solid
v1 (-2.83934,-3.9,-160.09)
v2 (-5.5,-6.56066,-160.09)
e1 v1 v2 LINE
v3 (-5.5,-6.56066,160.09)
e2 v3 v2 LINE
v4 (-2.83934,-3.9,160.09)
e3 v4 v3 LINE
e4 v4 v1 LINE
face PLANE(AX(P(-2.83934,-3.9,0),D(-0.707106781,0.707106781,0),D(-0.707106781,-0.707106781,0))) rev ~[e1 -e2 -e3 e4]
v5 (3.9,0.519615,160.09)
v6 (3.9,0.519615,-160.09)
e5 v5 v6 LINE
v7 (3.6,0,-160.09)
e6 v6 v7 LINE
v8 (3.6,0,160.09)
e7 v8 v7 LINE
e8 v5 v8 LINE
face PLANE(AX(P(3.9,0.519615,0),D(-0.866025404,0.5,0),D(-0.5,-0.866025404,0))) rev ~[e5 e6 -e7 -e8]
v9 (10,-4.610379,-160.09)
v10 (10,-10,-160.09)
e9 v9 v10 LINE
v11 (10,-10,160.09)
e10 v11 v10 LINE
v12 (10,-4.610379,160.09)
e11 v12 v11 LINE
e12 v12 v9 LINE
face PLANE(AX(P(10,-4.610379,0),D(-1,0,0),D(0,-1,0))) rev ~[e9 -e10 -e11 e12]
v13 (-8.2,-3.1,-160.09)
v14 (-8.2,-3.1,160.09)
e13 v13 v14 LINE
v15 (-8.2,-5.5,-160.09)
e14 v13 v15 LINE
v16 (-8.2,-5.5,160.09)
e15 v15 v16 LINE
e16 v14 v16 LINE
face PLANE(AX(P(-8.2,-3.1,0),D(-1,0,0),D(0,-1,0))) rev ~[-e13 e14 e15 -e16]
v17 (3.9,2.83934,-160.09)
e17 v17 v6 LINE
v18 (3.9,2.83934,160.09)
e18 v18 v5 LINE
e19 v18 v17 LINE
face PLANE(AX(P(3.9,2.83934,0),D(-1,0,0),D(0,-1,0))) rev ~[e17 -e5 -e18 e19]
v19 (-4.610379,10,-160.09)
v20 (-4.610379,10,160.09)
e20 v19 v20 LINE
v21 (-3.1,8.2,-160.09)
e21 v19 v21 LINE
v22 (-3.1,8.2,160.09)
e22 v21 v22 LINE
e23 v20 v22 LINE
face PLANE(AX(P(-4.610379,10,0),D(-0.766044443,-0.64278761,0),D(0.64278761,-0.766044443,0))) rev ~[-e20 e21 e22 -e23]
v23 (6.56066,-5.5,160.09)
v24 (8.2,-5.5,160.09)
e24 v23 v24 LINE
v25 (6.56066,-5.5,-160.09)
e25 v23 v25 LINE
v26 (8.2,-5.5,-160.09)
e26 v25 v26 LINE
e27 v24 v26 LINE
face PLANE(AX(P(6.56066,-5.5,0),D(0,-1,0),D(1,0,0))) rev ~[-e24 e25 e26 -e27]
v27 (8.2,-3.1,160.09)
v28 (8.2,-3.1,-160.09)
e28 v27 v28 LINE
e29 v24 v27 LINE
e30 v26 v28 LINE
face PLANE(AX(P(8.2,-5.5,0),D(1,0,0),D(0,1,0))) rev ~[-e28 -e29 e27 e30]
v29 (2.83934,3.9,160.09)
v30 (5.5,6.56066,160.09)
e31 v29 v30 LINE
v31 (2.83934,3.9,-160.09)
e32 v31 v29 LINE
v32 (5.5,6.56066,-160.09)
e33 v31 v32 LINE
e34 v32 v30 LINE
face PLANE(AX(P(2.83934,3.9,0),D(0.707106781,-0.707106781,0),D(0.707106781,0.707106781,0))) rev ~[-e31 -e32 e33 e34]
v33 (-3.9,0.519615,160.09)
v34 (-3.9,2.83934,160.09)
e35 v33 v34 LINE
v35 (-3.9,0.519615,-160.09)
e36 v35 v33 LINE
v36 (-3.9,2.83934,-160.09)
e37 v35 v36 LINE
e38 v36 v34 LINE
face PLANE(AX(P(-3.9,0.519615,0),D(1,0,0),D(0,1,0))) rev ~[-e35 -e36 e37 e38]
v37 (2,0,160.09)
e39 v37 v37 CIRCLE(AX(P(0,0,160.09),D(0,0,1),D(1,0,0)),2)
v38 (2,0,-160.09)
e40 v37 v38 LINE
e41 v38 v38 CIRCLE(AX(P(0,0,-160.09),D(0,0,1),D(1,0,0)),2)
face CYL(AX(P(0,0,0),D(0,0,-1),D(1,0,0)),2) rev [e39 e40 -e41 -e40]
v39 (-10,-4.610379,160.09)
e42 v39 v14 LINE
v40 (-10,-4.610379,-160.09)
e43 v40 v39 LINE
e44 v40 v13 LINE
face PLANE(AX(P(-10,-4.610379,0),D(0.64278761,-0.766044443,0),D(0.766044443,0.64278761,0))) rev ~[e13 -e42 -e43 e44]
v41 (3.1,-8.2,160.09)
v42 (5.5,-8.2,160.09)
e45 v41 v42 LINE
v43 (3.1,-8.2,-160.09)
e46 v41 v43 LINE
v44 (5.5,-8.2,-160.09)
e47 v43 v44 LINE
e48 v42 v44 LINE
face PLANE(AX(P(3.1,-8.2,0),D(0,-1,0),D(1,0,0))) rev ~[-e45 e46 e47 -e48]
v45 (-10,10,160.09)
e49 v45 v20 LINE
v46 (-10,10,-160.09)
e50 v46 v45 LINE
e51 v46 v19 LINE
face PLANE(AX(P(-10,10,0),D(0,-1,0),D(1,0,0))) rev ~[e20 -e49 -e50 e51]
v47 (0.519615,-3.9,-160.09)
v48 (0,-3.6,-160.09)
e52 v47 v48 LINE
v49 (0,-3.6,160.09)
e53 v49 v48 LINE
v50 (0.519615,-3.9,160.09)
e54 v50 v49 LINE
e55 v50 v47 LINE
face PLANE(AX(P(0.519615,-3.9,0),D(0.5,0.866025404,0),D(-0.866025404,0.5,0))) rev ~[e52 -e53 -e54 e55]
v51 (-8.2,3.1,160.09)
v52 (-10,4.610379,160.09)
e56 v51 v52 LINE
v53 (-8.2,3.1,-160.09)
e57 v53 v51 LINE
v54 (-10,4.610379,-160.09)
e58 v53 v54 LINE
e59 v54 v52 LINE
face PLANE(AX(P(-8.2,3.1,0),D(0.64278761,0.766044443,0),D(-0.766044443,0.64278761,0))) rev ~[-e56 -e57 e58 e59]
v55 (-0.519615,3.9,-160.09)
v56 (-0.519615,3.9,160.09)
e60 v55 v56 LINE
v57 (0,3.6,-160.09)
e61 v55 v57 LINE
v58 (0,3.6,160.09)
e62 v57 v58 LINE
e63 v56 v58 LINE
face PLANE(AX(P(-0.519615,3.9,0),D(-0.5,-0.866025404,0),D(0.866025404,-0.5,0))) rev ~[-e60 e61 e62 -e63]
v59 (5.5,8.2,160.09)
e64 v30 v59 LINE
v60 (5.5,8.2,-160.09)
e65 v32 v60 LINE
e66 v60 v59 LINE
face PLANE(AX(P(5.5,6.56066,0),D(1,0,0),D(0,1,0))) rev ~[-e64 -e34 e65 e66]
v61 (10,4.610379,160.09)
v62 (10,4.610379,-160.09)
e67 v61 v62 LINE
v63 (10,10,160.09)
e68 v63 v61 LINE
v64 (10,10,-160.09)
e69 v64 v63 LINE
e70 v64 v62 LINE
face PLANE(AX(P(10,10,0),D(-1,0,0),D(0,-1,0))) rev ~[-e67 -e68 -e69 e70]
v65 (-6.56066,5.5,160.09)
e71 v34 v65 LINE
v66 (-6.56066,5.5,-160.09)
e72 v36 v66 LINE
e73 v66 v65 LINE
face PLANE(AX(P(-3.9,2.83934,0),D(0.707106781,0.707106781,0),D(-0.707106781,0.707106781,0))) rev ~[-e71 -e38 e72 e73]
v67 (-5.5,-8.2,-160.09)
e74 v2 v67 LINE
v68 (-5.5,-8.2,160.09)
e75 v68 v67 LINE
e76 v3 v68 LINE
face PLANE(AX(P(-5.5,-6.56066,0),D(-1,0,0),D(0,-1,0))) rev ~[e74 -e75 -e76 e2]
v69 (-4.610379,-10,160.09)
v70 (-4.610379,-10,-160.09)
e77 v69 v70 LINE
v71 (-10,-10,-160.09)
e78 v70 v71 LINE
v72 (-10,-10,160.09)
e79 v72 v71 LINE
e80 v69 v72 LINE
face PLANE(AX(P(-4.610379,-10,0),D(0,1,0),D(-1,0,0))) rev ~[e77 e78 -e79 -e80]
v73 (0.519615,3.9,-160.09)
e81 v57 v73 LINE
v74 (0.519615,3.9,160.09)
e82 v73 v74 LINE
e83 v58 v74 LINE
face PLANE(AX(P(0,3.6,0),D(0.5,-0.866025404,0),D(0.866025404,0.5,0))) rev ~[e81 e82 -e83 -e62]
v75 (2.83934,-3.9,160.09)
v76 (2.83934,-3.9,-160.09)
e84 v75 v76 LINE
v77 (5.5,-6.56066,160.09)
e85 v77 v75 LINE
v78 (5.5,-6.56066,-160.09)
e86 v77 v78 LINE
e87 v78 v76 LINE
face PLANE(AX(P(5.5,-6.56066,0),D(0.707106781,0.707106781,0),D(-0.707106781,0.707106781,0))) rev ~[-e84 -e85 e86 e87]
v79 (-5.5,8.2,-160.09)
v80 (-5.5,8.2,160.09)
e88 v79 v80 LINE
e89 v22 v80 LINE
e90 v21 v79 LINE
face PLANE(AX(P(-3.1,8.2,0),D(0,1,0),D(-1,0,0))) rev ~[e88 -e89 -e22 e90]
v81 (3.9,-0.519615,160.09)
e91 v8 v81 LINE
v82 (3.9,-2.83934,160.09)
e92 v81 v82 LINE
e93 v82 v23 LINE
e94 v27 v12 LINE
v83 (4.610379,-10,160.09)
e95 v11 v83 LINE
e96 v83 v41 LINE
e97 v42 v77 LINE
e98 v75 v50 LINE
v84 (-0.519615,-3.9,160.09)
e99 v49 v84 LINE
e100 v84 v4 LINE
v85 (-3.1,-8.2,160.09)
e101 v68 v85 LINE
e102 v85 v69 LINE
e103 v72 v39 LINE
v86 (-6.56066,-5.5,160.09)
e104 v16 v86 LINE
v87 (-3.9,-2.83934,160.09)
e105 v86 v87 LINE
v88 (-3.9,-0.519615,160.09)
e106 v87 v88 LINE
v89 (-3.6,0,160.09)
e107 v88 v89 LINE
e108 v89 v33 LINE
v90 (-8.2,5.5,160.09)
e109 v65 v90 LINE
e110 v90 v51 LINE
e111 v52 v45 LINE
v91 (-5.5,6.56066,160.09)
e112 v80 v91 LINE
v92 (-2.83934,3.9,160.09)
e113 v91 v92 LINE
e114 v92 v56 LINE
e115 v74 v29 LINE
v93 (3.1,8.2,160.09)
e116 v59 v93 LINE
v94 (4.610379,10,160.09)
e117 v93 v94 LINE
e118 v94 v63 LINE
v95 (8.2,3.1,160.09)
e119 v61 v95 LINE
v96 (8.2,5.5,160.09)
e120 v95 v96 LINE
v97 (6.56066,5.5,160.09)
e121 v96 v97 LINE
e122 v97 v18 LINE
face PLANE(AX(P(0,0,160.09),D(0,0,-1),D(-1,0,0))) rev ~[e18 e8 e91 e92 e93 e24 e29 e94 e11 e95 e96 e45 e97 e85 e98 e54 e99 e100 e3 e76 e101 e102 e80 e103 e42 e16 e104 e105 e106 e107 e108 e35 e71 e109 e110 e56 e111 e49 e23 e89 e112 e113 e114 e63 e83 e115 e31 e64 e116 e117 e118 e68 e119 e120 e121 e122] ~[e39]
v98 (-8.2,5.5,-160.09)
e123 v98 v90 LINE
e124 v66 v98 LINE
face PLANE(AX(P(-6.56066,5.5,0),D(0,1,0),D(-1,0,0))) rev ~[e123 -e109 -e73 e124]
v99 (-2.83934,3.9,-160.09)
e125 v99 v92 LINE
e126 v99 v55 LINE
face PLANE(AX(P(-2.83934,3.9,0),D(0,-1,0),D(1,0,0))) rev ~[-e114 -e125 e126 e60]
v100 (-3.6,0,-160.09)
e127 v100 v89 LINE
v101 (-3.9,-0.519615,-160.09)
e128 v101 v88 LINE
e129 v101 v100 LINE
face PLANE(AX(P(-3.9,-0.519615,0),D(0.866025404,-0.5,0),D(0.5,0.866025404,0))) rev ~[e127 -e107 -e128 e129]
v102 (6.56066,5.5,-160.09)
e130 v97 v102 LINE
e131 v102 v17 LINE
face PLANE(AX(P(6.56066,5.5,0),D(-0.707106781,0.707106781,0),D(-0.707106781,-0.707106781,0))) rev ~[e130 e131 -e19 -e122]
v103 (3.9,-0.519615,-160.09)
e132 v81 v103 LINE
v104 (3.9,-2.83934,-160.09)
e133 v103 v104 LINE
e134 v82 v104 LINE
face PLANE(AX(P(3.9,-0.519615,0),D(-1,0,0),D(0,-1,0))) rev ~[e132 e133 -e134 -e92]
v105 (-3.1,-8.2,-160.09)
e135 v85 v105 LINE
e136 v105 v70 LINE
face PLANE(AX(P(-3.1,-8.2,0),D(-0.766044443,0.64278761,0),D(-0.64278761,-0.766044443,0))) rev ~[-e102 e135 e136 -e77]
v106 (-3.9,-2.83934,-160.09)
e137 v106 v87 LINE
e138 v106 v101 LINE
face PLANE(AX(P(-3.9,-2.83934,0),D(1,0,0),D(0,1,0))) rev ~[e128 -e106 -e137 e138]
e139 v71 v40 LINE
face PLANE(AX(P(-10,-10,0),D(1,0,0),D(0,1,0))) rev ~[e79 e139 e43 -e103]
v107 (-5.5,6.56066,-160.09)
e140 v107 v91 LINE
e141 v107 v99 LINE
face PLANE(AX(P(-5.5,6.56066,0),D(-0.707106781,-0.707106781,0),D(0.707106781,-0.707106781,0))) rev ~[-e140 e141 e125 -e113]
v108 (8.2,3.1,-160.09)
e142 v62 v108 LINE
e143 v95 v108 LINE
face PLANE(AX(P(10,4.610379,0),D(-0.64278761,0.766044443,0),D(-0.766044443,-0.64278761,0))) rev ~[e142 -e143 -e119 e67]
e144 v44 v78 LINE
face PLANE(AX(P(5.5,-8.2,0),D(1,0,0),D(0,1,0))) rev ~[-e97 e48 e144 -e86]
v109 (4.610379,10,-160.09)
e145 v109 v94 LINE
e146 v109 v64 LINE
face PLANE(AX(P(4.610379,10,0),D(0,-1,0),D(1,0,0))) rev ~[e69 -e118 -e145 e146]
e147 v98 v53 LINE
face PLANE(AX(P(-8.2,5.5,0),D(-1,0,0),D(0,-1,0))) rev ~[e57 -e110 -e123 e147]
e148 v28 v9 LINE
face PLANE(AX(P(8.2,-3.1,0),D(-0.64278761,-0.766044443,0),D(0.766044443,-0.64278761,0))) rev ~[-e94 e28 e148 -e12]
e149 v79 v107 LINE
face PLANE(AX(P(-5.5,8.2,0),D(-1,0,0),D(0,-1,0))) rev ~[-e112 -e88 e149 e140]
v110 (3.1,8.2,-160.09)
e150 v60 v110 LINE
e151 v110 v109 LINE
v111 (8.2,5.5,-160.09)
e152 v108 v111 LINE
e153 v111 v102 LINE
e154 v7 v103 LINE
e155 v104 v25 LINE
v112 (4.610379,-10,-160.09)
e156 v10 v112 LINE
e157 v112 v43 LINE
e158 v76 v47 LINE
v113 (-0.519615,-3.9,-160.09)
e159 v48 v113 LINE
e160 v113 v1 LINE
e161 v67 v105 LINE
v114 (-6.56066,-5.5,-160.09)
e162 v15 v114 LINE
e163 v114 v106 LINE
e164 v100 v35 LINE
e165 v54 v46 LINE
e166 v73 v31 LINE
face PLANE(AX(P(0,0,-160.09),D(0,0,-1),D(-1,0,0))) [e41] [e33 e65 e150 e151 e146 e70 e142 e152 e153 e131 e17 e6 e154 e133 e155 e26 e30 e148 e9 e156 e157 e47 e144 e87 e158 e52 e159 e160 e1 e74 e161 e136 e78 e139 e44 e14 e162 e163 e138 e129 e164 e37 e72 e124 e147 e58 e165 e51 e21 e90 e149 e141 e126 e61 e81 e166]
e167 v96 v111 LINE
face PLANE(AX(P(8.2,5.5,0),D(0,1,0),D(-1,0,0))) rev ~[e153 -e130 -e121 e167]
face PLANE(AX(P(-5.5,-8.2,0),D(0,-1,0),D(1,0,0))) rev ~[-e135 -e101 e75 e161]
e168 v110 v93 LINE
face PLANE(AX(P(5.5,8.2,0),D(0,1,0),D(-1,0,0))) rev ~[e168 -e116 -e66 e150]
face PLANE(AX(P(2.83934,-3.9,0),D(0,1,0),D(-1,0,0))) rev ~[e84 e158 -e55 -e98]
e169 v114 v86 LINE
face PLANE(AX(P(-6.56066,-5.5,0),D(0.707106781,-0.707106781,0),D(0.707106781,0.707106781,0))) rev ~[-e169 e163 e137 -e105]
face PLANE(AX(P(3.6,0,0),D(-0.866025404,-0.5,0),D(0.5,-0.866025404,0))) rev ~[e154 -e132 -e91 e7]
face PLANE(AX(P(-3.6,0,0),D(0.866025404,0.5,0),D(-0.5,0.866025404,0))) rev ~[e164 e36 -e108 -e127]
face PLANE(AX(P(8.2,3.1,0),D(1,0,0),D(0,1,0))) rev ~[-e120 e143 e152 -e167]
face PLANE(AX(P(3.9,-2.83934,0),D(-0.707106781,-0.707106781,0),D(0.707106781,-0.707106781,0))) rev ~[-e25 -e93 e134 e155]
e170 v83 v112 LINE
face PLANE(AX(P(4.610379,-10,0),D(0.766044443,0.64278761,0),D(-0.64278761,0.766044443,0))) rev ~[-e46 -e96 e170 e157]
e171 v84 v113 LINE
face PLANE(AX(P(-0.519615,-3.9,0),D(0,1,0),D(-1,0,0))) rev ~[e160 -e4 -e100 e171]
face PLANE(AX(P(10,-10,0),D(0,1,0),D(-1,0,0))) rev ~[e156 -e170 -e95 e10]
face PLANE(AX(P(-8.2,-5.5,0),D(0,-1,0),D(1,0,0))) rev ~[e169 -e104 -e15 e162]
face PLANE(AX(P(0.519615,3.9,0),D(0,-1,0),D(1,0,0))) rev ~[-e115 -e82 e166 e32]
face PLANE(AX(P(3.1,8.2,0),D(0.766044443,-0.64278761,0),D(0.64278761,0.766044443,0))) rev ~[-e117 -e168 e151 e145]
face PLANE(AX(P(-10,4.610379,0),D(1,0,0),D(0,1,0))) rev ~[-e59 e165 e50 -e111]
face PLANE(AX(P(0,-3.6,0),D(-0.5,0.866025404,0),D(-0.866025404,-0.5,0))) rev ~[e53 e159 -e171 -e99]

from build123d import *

# Parameters (mm, degrees)
SKETCH1_R           = 2
BOSS_EXTRUDE1_DEPTH = 160.09


with BuildPart() as part:
    # Sketch1 → Boss-Extrude1 (new body, symmetric)
    with BuildSketch(Plane.XY):
        Polygon((10, 10), (10, 4.610379336), (8.2, 3.1), (8.2, 5.5), (6.560660172, 5.5), (3.9, 2.839339828), (3.9, 0.519615242), (3.6, 0), (3.9, -0.519615242), (3.9, -2.839339828), (6.560660172, -5.5), (8.2, -5.5), (8.2, -3.1), (10, -4.610379336), (10, -10), (4.610379336, -10), (3.1, -8.2), (5.5, -8.2), (5.5, -6.560660172), (2.839339828, -3.9), (0.519615242, -3.9), (0, -3.6), (-0.519615242, -3.9), (-2.839339828, -3.9), (-5.5, -6.560660172), (-5.5, -8.2), (-3.1, -8.2), (-4.610379336, -10), (-10, -10), (-10, -4.610379336), (-8.2, -3.1), (-8.2, -5.5), (-6.560660172, -5.5), (-3.9, -2.839339828), (-3.9, -0.519615242), (-3.6, 0), (-3.9, 0.519615242), (-3.9, 2.839339828), (-6.560660172, 5.5), (-8.2, 5.5), (-8.2, 3.1), (-10, 4.610379336), (-10, 10), (-4.610379336, 10), (-3.1, 8.2), (-5.5, 8.2), (-5.5, 6.560660172), (-2.839339828, 3.9), (-0.519615242, 3.9), (0, 3.6), (0.519615242, 3.9), (2.839339828, 3.9), (5.5, 6.560660172), (5.5, 8.2), (3.1, 8.2), (4.610379336, 10), align=None)
        Circle(SKETCH1_R, mode=Mode.SUBTRACT)
    extrude(amount=BOSS_EXTRUDE1_DEPTH, both=True)


solid = part.part
